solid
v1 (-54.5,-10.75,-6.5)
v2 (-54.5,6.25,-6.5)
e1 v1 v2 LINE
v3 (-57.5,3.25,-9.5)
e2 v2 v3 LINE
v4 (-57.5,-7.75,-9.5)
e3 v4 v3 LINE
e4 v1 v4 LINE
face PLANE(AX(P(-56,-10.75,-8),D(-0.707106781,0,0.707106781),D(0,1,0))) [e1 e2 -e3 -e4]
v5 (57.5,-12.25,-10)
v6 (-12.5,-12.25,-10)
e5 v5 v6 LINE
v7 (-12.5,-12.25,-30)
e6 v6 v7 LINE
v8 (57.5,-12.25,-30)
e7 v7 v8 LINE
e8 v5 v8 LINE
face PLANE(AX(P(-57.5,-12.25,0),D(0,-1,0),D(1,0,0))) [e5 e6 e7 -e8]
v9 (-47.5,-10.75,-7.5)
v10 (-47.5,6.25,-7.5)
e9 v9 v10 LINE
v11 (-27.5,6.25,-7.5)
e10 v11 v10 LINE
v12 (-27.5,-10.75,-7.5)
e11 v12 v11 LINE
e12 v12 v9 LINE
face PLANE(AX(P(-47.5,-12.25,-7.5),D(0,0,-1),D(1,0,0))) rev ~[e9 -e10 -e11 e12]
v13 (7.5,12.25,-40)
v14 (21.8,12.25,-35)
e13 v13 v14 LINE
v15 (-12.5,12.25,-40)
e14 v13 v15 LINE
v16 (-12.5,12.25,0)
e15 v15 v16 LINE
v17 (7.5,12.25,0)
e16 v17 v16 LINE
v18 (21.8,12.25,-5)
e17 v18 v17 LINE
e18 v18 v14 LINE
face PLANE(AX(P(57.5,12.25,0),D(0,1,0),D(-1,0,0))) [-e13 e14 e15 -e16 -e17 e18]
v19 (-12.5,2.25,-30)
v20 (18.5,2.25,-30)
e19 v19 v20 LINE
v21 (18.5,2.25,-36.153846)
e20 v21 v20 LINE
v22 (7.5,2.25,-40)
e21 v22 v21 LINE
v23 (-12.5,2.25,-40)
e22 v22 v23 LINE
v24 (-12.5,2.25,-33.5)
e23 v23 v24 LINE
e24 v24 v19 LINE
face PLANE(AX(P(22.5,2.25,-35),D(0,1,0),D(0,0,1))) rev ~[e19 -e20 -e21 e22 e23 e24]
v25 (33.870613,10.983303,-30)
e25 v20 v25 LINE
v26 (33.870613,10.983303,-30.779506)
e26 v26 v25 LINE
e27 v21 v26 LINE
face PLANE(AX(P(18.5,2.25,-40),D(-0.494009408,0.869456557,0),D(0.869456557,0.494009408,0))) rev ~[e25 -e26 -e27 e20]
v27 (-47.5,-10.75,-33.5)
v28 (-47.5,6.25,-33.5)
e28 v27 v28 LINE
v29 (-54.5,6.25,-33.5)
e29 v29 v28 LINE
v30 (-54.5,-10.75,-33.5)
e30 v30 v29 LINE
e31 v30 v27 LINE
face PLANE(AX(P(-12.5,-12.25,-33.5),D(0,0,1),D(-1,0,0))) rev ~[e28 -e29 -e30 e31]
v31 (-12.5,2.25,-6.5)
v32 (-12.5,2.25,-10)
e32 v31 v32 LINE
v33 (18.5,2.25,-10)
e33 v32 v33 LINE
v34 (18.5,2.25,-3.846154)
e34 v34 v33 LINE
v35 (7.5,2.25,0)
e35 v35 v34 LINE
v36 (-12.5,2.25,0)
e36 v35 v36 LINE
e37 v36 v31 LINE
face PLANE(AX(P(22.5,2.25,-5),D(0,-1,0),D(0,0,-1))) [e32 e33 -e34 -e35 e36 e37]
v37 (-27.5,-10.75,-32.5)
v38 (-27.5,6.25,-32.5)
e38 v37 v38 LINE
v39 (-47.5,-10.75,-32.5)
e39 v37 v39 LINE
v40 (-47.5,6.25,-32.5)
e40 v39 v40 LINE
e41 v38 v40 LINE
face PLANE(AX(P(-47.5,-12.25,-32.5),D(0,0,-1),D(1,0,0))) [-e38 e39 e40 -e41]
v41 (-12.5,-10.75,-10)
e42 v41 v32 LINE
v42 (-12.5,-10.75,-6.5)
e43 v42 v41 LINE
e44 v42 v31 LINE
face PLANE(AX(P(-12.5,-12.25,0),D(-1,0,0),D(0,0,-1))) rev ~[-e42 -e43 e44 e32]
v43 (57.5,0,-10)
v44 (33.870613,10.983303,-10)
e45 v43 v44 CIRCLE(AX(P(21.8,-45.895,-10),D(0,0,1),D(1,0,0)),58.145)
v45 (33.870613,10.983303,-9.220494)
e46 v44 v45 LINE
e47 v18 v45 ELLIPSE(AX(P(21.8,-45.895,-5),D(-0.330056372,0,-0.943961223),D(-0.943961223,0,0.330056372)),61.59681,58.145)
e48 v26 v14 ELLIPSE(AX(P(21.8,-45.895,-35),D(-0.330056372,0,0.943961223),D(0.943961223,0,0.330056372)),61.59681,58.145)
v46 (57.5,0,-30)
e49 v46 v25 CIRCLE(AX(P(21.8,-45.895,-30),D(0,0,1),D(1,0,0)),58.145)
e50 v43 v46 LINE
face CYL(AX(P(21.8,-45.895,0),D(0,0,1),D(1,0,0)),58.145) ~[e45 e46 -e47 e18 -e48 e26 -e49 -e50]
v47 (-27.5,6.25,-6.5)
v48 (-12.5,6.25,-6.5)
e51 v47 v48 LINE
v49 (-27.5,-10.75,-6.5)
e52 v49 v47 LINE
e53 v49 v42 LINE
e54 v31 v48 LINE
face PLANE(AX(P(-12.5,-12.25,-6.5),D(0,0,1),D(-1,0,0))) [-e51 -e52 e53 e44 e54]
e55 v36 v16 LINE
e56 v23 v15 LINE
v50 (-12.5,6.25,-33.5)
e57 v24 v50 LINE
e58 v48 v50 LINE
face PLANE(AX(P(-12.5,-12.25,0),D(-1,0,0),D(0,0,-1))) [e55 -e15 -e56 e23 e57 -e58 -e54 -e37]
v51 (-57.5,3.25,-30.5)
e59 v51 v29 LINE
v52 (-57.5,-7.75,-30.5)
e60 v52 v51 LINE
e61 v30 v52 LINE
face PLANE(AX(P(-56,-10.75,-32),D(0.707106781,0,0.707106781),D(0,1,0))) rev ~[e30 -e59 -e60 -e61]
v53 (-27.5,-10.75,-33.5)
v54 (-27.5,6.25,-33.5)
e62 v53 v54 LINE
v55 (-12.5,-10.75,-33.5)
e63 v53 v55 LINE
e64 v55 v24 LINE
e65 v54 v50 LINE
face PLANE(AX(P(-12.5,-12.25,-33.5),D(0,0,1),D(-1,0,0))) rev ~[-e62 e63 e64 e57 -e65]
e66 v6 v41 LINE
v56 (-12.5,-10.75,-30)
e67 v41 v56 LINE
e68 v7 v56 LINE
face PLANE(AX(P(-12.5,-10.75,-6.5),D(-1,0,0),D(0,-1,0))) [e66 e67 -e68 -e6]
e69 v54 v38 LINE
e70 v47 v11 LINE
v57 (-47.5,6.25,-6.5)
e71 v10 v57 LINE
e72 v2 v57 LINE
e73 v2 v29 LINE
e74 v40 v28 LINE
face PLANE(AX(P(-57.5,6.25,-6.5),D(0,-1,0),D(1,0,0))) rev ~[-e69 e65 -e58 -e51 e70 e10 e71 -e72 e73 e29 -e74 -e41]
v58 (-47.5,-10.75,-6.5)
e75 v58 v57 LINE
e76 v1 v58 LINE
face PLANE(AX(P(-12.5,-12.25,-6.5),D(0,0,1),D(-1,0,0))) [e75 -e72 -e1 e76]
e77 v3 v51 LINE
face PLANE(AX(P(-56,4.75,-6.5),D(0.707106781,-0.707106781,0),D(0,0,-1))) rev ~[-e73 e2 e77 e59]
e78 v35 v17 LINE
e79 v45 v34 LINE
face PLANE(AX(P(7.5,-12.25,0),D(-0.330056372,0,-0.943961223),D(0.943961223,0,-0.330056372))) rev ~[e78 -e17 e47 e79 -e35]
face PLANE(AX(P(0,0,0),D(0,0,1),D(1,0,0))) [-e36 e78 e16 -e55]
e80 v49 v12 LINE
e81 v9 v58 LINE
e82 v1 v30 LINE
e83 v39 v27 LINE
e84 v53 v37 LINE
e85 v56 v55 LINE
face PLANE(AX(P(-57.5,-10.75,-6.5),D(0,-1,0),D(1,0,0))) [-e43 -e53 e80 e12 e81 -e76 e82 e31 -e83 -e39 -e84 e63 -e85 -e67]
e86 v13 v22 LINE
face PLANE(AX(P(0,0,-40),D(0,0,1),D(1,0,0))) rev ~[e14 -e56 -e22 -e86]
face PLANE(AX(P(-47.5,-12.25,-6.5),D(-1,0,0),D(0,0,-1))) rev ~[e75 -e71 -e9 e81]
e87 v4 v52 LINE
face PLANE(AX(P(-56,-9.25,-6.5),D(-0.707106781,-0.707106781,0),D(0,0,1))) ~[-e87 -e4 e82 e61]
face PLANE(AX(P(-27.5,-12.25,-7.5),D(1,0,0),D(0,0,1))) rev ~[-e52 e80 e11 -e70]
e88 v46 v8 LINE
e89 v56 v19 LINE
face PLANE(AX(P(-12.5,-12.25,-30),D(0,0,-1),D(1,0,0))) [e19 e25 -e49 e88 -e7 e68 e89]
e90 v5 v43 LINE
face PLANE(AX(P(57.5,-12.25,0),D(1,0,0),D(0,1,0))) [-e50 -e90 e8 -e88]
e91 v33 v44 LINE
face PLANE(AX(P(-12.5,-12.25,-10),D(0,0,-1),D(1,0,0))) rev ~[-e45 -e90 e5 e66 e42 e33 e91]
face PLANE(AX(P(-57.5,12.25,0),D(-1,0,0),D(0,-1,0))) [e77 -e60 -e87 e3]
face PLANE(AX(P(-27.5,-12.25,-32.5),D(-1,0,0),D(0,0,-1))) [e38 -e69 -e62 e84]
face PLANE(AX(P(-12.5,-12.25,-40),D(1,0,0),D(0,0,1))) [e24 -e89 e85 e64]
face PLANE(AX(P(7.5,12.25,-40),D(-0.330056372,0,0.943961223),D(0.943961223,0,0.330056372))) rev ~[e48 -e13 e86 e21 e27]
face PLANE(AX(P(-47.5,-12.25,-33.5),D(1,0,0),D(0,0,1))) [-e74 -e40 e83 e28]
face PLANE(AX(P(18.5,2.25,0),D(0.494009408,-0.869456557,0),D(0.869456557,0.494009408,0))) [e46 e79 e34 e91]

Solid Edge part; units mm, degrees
sketch "Sketch1" plane through (0, 0, 0) normal (0, 0, 1) x (1, 0, 0)
  line L0 (-57.5, -12.25) -> (57.5, -12.25)
  line L1 (57.5, -12.25) -> (57.5, 12.25)
  line L2 (57.5, 12.25) -> (-57.5, 12.25)
  line L3 (-57.5, 12.25) -> (-57.5, -12.25)
extrude "Protrusion1" add sketch "Sketch1" against normal blind 40
sketch "Sketch2" plane through (0, -12.25, -20) normal (0, -1, 0) x (1, 0, 0)
  line L0 (-57.5, 20) -> (-12.5, 20)
  line L1 (-12.5, 20) -> (-12.5, 13.5)
  line L2 (-12.5, 13.5) -> (-57.5, 13.5)
  line L3 (-57.5, 13.5) -> (-57.5, 20)
  line L4 (-57.5, -20) -> (-12.5, -20)
  line L5 (-12.5, -20) -> (-12.5, -13.5)
  line L6 (-12.5, -13.5) -> (-57.5, -13.5)
  line L7 (-57.5, -13.5) -> (-57.5, -20)
extrude "ExtrudedCutout_1" cut sketch "Sketch2" against normal blind 24.5
sketch "Sketch3" plane through (0, -12.25, -20) normal (0, -1, 0) x (1, 0, 0)
  line L0 (57.5, 20) -> (-12.5, 20)
  line L1 (-12.5, 20) -> (-12.5, 10)
  line L2 (-12.5, 10) -> (57.5, 10)
  line L3 (57.5, 10) -> (57.5, 20)
  line L4 (57.5, -20) -> (-12.5, -20)
  line L5 (-12.5, -20) -> (-12.5, -10)
  line L6 (-12.5, -10) -> (57.5, -10)
  line L7 (57.5, -10) -> (57.5, -20)
extrude "ExtrudedCutout_2" cut sketch "Sketch3" against normal blind 14.5
sketch "Sketch4" plane through (0, -12.25, -20) normal (0, -1, 0) x (1, 0, 0)
  line L0 (-47.5, 13.5) -> (-47.5, 12.5)
  line L1 (-47.5, 12.5) -> (-27.5, 12.5)
  line L2 (-27.5, 12.5) -> (-27.5, 13.5)
  line L3 (-27.5, 13.5) -> (-47.5, 13.5)
  line L4 (-47.5, -13.5) -> (-47.5, -12.5)
  line L5 (-47.5, -12.5) -> (-27.5, -12.5)
  line L6 (-27.5, -12.5) -> (-27.5, -13.5)
  line L7 (-27.5, -13.5) -> (-47.5, -13.5)
extrude "ExtrudedCutout_3" cut sketch "Sketch4" against normal blind 24.5
sketch "Sketch5" plane through (-20, 0, -6.5) normal (0, 0, 1) x (1, 0, 0)
  line L0 (-37.5, 12.25) -> (-37.5, 6.25)
  line L1 (-37.5, 6.25) -> (7.5, 6.25)
  line L2 (7.5, 6.25) -> (7.5, 12.25)
  line L3 (7.5, 12.25) -> (-37.5, 12.25)
  line L4 (-37.5, -12.25) -> (-37.5, -10.75)
  line L5 (-37.5, -10.75) -> (7.5, -10.75)
  line L6 (7.5, -10.75) -> (7.5, -12.25)
  line L7 (7.5, -12.25) -> (-37.5, -12.25)
extrude "ExtrudedCutout_4" cut sketch "Sketch5" against normal blind 40
sketch "Sketch6" plane through (22.5, -12.25, -20) normal (0, -1, 0) x (0, 0, 1)
  line L0 (20, -35) -> (20, -13.6)
  line L1 (20, -13.6) -> (10, -13.6)
  line L2 (10, -13.6) -> (10, -35)
  line L3 (10, -35) -> (20, -35)
extrude "ExtrudedCutout_5" cut sketch "Sketch6" against normal blind 34.9193
sketch "Sketch7" plane through (22.5, 2.25, -35) normal (0, -1, 0) x (1, 0, 0)
  line L0 (35, 5) -> (13.6, 5)
  line L1 (13.6, 5) -> (13.6, -5)
  line L2 (13.6, -5) -> (35, -5)
  line L3 (35, -5) -> (35, 5)
extrude "ExtrudedCutout_6" cut sketch "Sketch7" against normal blind 93.3643
sketch "Sketch8" plane through (22.5, -12.25, -20) normal (0, -1, 0) x (1, 0, 0)
  line L0 (-15, 20) -> (13.6, 10)
  line L1 (13.6, 10) -> (13.6, 20)
  line L2 (13.6, 20) -> (-15, 20)
extrude "ExtrudedCutout_7" cut sketch "Sketch8" against normal blind 164.1639
sketch "Sketch9" plane through (0, 0, 0) normal (0, 0, 1) x (1, 0, 0)
  line L0 (18.5, 2.25) -> (36.1, 12.25)
  line L1 (36.1, 12.25) -> (36.1, 2.25)
  line L2 (36.1, 2.25) -> (18.5, 2.25)
extrude "ExtrudedCutout_10" cut sketch "Sketch9" against normal blind 10
sketch "Sketch10" plane through (11.8, 7.25, -40) normal (0, 0, -1) x (0, -1, 0)
  line L0 (5, -6.7) -> (-5, -24.3)
  line L1 (-5, -24.3) -> (5, -24.3)
  line L2 (5, -24.3) -> (5, -6.7)
extrude "ExtrudedCutout_11" cut sketch "Sketch10" against normal blind 10
sketch "Sketch11" plane through (22.5, 12.25, -20) normal (0, 1, 0) x (0, 0, -1)
  line L0 (20, 15) -> (10, -13.6)
  line L1 (10, -13.6) -> (20, -13.6)
  line L2 (20, -13.6) -> (20, 15)
extrude "ExtrudedCutout_12" cut sketch "Sketch11" against normal blind 63.6065
sketch "Sketch12" plane through (0, 0, 0) normal (0, 0, 1) x (1, 0, 0)
  line L0 (57.5, 12.25) -> (57.5, 0)
  arc A0 (21.8, 12.25) -> (57.5, 0) centre (21.8, -45.895) cw
  line L1 (57.5, 12.25) -> (21.8, 12.25)
extrude "ExtrudedCutout_15" cut sketch "Sketch12" against normal blind 40
chamfer "Chamfer_1" distance 3 angle 45 4 edges at (-57.5, -2.25, -6.5) (-57.5, 6.25, -20) (-57.5, -2.25, -33.5) (-57.5, -10.75, -20)
